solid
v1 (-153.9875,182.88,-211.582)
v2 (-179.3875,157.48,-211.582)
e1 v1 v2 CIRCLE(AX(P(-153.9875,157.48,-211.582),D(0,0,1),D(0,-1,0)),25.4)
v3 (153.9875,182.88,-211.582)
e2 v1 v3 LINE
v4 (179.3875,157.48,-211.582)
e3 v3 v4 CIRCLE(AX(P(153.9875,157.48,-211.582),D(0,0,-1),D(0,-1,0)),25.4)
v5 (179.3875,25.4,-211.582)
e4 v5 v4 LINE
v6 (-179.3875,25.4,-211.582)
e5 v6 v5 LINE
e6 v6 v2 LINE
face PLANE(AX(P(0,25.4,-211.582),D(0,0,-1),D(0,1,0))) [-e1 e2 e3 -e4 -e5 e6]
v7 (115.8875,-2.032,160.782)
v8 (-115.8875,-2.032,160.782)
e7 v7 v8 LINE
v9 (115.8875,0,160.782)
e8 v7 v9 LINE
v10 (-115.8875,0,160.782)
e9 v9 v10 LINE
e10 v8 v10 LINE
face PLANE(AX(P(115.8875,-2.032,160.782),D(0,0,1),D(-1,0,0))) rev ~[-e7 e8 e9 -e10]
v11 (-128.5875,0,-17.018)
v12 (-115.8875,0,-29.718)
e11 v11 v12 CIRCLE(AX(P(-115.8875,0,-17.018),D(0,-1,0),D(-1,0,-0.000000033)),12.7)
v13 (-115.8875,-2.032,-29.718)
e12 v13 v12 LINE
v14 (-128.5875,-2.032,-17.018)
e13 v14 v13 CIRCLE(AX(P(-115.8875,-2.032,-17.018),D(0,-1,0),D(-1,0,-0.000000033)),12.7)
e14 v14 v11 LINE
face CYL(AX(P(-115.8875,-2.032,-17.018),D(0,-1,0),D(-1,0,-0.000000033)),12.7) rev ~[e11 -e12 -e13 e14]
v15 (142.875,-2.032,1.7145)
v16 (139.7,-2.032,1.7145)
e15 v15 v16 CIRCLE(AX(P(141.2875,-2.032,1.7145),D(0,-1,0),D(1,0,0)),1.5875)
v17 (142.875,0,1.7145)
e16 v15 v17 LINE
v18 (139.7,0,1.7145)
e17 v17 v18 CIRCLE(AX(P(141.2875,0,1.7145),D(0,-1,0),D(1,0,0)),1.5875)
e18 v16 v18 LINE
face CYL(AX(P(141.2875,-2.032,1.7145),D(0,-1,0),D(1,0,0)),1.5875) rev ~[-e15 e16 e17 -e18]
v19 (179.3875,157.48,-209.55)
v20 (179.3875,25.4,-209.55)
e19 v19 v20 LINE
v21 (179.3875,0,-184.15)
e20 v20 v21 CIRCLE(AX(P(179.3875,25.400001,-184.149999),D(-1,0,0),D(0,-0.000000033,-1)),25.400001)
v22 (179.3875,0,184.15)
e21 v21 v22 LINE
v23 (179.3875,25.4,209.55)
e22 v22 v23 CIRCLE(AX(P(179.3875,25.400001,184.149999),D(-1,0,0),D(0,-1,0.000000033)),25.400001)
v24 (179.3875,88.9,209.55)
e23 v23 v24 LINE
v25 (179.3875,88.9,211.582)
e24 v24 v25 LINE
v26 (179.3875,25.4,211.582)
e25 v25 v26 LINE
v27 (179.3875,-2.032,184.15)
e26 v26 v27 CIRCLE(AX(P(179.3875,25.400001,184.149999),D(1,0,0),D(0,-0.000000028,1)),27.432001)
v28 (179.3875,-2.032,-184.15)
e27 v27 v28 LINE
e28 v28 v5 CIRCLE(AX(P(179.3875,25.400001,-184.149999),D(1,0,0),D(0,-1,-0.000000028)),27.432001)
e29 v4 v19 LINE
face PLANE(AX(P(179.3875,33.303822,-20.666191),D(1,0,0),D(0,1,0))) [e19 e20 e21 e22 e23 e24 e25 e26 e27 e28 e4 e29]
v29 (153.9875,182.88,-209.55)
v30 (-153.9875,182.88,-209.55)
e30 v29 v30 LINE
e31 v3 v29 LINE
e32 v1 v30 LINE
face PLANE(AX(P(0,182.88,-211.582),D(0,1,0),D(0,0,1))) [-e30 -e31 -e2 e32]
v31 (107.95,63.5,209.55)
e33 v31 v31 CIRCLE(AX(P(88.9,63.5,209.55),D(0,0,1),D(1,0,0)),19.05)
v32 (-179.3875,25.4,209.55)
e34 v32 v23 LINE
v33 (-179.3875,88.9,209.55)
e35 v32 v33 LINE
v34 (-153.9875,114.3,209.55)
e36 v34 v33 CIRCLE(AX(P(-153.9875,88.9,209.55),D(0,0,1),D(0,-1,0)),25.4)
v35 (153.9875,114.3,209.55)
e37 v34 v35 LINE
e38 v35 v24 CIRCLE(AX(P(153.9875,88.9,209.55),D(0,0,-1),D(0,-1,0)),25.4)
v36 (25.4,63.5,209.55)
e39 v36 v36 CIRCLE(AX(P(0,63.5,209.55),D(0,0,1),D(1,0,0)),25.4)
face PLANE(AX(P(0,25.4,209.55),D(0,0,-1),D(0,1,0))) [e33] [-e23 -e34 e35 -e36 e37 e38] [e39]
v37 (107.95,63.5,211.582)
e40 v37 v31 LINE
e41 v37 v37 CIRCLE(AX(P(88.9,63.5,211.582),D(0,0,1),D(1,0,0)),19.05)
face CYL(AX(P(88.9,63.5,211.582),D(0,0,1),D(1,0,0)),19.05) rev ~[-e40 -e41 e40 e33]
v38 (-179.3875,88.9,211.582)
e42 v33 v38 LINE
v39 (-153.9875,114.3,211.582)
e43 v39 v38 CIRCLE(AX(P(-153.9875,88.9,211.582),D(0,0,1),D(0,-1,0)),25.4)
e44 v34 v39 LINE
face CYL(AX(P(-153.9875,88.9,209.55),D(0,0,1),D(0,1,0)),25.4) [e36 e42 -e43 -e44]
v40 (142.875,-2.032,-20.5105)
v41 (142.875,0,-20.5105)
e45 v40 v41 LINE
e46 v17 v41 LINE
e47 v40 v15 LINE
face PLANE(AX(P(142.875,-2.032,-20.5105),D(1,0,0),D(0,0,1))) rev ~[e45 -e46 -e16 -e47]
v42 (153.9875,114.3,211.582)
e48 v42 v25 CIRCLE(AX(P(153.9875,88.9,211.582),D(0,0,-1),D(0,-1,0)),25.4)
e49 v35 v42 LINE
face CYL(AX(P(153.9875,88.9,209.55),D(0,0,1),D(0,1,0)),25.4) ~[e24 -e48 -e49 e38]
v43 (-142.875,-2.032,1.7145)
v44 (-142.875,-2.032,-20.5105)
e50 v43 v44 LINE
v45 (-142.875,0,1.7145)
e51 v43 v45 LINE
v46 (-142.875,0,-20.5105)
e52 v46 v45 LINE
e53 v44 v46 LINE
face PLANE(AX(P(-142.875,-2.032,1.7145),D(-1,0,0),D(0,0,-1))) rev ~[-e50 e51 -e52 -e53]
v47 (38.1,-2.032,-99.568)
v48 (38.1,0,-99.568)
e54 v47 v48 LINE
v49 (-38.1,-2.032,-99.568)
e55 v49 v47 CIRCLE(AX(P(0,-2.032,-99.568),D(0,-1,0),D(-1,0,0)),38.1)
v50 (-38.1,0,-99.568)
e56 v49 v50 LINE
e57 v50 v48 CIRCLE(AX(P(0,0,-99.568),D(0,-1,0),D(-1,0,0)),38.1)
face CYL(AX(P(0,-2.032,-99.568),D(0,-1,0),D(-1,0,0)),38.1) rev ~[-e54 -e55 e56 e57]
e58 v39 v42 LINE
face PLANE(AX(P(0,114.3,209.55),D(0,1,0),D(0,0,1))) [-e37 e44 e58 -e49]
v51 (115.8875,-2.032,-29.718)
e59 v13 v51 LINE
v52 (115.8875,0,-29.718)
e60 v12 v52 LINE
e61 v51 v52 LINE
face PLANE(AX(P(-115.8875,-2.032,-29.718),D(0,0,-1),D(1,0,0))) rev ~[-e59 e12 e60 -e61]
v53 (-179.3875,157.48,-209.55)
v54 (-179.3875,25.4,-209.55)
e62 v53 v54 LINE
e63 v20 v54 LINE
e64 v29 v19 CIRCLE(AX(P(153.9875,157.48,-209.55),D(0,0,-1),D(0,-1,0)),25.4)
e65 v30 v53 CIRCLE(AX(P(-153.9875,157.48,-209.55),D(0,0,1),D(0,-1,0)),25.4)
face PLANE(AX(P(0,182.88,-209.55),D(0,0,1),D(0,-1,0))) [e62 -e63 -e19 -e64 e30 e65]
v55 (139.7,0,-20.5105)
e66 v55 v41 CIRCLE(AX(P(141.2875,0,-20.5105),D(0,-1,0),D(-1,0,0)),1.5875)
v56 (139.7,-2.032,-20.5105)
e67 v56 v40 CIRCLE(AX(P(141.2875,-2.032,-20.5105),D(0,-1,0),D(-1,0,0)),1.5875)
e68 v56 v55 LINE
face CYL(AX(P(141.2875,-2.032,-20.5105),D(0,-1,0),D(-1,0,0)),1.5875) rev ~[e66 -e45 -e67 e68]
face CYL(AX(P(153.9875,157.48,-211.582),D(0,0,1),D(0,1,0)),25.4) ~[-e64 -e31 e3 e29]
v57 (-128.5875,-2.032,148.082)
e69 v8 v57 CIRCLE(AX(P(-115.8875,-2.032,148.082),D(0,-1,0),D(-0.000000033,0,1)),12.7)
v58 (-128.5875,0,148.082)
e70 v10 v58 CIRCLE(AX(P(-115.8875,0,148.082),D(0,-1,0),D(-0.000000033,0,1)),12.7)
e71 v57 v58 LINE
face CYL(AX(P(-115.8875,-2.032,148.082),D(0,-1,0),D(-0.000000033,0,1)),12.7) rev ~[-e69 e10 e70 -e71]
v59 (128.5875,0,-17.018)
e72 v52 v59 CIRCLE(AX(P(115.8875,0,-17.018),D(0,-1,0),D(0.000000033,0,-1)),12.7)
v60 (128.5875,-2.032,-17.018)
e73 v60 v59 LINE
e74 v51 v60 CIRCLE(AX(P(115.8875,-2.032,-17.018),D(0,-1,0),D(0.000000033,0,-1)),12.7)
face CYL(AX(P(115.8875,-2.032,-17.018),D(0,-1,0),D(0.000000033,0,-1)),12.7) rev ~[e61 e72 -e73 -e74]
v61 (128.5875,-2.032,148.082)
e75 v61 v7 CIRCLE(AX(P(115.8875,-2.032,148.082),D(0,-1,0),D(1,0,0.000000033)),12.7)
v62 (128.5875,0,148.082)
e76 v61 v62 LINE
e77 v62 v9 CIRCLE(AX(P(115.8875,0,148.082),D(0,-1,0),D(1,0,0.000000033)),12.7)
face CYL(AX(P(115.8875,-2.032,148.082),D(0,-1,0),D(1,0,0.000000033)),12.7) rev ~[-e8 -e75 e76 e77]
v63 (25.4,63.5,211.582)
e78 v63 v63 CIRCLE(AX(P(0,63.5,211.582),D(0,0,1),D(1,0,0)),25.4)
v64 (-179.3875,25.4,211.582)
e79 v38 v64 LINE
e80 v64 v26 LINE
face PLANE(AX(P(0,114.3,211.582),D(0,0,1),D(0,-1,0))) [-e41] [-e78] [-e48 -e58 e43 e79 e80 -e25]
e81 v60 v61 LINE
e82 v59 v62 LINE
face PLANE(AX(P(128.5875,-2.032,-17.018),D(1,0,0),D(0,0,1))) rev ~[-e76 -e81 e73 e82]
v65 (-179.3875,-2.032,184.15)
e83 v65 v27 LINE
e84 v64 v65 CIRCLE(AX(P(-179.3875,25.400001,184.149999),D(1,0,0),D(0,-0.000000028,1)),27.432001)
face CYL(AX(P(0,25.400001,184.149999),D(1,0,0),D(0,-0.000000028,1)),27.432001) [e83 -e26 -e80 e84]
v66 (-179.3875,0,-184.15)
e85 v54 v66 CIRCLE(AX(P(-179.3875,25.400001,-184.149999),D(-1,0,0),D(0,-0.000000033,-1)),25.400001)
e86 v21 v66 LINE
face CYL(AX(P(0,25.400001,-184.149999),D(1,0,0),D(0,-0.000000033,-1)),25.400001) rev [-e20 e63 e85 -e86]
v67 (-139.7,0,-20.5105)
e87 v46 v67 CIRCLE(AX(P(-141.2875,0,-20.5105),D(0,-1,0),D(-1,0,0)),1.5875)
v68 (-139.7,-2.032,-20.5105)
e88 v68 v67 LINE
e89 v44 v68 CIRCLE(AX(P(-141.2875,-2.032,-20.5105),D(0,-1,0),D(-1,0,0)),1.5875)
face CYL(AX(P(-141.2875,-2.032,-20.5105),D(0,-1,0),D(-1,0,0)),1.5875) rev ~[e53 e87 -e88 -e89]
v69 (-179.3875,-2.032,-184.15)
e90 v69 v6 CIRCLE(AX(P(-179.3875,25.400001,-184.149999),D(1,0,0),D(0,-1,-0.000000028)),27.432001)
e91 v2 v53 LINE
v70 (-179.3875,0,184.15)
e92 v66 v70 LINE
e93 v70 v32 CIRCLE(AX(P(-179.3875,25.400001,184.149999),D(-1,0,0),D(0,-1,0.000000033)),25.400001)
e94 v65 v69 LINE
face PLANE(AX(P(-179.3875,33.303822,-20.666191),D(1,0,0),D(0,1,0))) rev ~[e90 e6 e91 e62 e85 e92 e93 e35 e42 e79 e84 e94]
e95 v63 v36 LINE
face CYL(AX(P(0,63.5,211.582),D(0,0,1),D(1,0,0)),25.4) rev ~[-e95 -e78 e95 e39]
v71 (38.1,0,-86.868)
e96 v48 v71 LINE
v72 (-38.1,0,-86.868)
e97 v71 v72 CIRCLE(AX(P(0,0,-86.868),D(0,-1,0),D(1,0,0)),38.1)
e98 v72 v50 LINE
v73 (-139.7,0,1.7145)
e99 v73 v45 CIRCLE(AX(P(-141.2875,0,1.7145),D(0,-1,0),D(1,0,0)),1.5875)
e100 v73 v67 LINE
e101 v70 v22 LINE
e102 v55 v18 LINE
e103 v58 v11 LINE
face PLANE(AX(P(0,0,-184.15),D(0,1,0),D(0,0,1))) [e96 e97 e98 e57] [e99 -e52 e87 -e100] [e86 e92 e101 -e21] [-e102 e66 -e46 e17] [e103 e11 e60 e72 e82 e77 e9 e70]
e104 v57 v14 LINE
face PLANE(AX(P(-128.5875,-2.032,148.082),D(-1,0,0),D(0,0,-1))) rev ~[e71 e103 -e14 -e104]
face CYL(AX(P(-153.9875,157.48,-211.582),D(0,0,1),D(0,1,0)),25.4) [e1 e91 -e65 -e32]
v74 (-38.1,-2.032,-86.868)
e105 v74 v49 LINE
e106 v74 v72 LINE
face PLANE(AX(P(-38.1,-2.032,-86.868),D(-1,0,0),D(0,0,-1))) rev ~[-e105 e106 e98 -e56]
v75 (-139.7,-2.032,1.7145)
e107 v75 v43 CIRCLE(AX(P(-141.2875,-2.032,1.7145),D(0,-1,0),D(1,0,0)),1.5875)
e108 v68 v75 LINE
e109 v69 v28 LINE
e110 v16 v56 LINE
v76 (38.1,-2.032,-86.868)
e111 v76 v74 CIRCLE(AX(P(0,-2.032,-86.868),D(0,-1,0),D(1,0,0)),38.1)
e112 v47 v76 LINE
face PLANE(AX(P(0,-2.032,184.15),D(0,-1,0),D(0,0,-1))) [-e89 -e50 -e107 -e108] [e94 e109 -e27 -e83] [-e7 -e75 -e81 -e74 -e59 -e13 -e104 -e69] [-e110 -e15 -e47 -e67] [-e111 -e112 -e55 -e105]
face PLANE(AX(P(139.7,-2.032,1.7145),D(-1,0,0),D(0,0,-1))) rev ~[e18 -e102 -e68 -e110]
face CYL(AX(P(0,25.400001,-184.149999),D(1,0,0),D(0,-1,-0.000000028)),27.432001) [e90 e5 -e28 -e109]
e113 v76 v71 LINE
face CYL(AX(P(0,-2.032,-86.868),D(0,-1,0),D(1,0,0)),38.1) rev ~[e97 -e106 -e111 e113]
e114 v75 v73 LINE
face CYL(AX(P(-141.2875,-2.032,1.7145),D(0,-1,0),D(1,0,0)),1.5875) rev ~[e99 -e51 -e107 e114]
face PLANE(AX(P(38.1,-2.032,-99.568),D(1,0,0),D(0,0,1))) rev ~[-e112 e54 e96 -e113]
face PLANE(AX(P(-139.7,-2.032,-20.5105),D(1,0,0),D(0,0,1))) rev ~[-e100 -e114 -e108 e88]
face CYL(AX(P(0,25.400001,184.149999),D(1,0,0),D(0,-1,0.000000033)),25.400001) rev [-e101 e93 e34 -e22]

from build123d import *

# Parameters (mm, degrees)
F1_DEPTH  = 179.3875
F2_R      = 25.4
F4_DEPTH  = 2.032
F6_DEPTH  = 2.032
F8_DEPTH  = 2.54
F9_R      = 25.4
F10_DEPTH = 25.4
F11_R     = 19.05
F12_DEPTH = 25.4


with BuildPart() as f1:
    # F0 (on Right) → F1 (new body, symmetric)
    with BuildSketch(Plane.YZ):
        with BuildLine():
            Line((0, -184.15), (0, 184.15))
            ThreePointArc((0, 184.15), (7.439488, 202.110512), (25.4, 209.55))
            Line((25.4, 209.55), (114.3, 209.55))
            Line((114.3, 209.55), (114.3, 211.582))
            Line((114.3, 211.582), (25.4, 211.582))
            ThreePointArc((25.4, 211.582), (6.002647, 203.547353), (-2.032, 184.15))
            Line((-2.032, 184.15), (-2.032, -184.15))
            ThreePointArc((-2.032, -184.15), (6.002647, -203.547353), (25.4, -211.582))
            Line((25.4, -211.582), (182.88, -211.582))
            Line((182.88, -211.582), (182.88, -209.55))
            Line((182.88, -209.55), (25.4, -209.55))
            ThreePointArc((25.4, -209.55), (7.439488, -202.110512), (0, -184.15))
        make_face()
    extrude(amount=F1_DEPTH, both=True)

    # F2
    f2_edges = [f1.edges().sort_by_distance(p)[0] for p in [
        (179.3875, 114.3, 210.566),
        (-179.3875, 114.3, 210.566),
        (-179.3875, 182.88, -210.566),
        (179.3875, 182.88, -210.566),
    ]]
    fillet(f2_edges, radius=F2_R)

    # F3 (on face) → F4 (cut)
    with BuildSketch(Plane.XZ.offset(2.032)):
        with BuildLine():
            Line((115.8875, 160.782), (-115.8875, 160.782))
            ThreePointArc((-115.8875, 160.782), (-124.867756, 157.062256), (-128.5875, 148.082))
            Line((-128.5875, 148.082), (-128.5875, -17.018))
            ThreePointArc((-128.5875, -17.018), (-124.867756, -25.998256), (-115.8875, -29.718))
            Line((-115.8875, -29.718), (115.8875, -29.718))
            ThreePointArc((115.8875, -29.718), (124.867756, -25.998256), (128.5875, -17.018))
            Line((128.5875, -17.018), (128.5875, 148.082))
            ThreePointArc((128.5875, 148.082), (124.867756, 157.062256), (115.8875, 160.782))
        make_face()
    extrude(amount=-F4_DEPTH, mode=Mode.SUBTRACT)

    # F5 (on face) → F6 (cut)
    with BuildSketch(Plane.XZ.offset(2.032)):
        with BuildLine():
            Line((38.1, -99.568), (38.1, -86.868))
            ThreePointArc((38.1, -86.868), (0, -48.768), (-38.1, -86.868))
            Line((-38.1, -86.868), (-38.1, -99.568))
            ThreePointArc((-38.1, -99.568), (0, -137.668), (38.1, -99.568))
        make_face()
    extrude(amount=-F6_DEPTH, mode=Mode.SUBTRACT)

    # F7 (on face) → F8 (cut)
    with BuildSketch(Plane.XZ.offset(2.032)):
        with BuildLine():
            ThreePointArc((142.875, 1.7145), (141.2875, 3.302), (139.7, 1.7145))
            Line((139.7, 1.7145), (139.7, -20.5105))
            ThreePointArc((139.7, -20.5105), (141.2875, -22.098), (142.875, -20.5105))
            Line((142.875, -20.5105), (142.875, 1.7145))
        make_face()
        with BuildLine():
            ThreePointArc((-139.7, 1.7145), (-141.2875, 3.302), (-142.875, 1.7145))
            Line((-142.875, 1.7145), (-142.875, -20.5105))
            ThreePointArc((-142.875, -20.5105), (-141.2875, -22.098), (-139.7, -20.5105))
            Line((-139.7, -20.5105), (-139.7, 1.7145))
        make_face()
    extrude(amount=-F8_DEPTH, mode=Mode.SUBTRACT)

    # F9 (on face) → F10 (cut)
    with BuildSketch(Plane.XY.offset(211.582)):
        with Locations((0, 63.5)):
            Circle(F9_R)
    extrude(amount=-F10_DEPTH, mode=Mode.SUBTRACT)

    # F11 (on face) → F12 (cut)
    with BuildSketch(Plane.XY.offset(211.582)):
        with Locations((88.9, 63.5)):
            Circle(F11_R)
    extrude(amount=-F12_DEPTH, mode=Mode.SUBTRACT)


solid = f1.part
